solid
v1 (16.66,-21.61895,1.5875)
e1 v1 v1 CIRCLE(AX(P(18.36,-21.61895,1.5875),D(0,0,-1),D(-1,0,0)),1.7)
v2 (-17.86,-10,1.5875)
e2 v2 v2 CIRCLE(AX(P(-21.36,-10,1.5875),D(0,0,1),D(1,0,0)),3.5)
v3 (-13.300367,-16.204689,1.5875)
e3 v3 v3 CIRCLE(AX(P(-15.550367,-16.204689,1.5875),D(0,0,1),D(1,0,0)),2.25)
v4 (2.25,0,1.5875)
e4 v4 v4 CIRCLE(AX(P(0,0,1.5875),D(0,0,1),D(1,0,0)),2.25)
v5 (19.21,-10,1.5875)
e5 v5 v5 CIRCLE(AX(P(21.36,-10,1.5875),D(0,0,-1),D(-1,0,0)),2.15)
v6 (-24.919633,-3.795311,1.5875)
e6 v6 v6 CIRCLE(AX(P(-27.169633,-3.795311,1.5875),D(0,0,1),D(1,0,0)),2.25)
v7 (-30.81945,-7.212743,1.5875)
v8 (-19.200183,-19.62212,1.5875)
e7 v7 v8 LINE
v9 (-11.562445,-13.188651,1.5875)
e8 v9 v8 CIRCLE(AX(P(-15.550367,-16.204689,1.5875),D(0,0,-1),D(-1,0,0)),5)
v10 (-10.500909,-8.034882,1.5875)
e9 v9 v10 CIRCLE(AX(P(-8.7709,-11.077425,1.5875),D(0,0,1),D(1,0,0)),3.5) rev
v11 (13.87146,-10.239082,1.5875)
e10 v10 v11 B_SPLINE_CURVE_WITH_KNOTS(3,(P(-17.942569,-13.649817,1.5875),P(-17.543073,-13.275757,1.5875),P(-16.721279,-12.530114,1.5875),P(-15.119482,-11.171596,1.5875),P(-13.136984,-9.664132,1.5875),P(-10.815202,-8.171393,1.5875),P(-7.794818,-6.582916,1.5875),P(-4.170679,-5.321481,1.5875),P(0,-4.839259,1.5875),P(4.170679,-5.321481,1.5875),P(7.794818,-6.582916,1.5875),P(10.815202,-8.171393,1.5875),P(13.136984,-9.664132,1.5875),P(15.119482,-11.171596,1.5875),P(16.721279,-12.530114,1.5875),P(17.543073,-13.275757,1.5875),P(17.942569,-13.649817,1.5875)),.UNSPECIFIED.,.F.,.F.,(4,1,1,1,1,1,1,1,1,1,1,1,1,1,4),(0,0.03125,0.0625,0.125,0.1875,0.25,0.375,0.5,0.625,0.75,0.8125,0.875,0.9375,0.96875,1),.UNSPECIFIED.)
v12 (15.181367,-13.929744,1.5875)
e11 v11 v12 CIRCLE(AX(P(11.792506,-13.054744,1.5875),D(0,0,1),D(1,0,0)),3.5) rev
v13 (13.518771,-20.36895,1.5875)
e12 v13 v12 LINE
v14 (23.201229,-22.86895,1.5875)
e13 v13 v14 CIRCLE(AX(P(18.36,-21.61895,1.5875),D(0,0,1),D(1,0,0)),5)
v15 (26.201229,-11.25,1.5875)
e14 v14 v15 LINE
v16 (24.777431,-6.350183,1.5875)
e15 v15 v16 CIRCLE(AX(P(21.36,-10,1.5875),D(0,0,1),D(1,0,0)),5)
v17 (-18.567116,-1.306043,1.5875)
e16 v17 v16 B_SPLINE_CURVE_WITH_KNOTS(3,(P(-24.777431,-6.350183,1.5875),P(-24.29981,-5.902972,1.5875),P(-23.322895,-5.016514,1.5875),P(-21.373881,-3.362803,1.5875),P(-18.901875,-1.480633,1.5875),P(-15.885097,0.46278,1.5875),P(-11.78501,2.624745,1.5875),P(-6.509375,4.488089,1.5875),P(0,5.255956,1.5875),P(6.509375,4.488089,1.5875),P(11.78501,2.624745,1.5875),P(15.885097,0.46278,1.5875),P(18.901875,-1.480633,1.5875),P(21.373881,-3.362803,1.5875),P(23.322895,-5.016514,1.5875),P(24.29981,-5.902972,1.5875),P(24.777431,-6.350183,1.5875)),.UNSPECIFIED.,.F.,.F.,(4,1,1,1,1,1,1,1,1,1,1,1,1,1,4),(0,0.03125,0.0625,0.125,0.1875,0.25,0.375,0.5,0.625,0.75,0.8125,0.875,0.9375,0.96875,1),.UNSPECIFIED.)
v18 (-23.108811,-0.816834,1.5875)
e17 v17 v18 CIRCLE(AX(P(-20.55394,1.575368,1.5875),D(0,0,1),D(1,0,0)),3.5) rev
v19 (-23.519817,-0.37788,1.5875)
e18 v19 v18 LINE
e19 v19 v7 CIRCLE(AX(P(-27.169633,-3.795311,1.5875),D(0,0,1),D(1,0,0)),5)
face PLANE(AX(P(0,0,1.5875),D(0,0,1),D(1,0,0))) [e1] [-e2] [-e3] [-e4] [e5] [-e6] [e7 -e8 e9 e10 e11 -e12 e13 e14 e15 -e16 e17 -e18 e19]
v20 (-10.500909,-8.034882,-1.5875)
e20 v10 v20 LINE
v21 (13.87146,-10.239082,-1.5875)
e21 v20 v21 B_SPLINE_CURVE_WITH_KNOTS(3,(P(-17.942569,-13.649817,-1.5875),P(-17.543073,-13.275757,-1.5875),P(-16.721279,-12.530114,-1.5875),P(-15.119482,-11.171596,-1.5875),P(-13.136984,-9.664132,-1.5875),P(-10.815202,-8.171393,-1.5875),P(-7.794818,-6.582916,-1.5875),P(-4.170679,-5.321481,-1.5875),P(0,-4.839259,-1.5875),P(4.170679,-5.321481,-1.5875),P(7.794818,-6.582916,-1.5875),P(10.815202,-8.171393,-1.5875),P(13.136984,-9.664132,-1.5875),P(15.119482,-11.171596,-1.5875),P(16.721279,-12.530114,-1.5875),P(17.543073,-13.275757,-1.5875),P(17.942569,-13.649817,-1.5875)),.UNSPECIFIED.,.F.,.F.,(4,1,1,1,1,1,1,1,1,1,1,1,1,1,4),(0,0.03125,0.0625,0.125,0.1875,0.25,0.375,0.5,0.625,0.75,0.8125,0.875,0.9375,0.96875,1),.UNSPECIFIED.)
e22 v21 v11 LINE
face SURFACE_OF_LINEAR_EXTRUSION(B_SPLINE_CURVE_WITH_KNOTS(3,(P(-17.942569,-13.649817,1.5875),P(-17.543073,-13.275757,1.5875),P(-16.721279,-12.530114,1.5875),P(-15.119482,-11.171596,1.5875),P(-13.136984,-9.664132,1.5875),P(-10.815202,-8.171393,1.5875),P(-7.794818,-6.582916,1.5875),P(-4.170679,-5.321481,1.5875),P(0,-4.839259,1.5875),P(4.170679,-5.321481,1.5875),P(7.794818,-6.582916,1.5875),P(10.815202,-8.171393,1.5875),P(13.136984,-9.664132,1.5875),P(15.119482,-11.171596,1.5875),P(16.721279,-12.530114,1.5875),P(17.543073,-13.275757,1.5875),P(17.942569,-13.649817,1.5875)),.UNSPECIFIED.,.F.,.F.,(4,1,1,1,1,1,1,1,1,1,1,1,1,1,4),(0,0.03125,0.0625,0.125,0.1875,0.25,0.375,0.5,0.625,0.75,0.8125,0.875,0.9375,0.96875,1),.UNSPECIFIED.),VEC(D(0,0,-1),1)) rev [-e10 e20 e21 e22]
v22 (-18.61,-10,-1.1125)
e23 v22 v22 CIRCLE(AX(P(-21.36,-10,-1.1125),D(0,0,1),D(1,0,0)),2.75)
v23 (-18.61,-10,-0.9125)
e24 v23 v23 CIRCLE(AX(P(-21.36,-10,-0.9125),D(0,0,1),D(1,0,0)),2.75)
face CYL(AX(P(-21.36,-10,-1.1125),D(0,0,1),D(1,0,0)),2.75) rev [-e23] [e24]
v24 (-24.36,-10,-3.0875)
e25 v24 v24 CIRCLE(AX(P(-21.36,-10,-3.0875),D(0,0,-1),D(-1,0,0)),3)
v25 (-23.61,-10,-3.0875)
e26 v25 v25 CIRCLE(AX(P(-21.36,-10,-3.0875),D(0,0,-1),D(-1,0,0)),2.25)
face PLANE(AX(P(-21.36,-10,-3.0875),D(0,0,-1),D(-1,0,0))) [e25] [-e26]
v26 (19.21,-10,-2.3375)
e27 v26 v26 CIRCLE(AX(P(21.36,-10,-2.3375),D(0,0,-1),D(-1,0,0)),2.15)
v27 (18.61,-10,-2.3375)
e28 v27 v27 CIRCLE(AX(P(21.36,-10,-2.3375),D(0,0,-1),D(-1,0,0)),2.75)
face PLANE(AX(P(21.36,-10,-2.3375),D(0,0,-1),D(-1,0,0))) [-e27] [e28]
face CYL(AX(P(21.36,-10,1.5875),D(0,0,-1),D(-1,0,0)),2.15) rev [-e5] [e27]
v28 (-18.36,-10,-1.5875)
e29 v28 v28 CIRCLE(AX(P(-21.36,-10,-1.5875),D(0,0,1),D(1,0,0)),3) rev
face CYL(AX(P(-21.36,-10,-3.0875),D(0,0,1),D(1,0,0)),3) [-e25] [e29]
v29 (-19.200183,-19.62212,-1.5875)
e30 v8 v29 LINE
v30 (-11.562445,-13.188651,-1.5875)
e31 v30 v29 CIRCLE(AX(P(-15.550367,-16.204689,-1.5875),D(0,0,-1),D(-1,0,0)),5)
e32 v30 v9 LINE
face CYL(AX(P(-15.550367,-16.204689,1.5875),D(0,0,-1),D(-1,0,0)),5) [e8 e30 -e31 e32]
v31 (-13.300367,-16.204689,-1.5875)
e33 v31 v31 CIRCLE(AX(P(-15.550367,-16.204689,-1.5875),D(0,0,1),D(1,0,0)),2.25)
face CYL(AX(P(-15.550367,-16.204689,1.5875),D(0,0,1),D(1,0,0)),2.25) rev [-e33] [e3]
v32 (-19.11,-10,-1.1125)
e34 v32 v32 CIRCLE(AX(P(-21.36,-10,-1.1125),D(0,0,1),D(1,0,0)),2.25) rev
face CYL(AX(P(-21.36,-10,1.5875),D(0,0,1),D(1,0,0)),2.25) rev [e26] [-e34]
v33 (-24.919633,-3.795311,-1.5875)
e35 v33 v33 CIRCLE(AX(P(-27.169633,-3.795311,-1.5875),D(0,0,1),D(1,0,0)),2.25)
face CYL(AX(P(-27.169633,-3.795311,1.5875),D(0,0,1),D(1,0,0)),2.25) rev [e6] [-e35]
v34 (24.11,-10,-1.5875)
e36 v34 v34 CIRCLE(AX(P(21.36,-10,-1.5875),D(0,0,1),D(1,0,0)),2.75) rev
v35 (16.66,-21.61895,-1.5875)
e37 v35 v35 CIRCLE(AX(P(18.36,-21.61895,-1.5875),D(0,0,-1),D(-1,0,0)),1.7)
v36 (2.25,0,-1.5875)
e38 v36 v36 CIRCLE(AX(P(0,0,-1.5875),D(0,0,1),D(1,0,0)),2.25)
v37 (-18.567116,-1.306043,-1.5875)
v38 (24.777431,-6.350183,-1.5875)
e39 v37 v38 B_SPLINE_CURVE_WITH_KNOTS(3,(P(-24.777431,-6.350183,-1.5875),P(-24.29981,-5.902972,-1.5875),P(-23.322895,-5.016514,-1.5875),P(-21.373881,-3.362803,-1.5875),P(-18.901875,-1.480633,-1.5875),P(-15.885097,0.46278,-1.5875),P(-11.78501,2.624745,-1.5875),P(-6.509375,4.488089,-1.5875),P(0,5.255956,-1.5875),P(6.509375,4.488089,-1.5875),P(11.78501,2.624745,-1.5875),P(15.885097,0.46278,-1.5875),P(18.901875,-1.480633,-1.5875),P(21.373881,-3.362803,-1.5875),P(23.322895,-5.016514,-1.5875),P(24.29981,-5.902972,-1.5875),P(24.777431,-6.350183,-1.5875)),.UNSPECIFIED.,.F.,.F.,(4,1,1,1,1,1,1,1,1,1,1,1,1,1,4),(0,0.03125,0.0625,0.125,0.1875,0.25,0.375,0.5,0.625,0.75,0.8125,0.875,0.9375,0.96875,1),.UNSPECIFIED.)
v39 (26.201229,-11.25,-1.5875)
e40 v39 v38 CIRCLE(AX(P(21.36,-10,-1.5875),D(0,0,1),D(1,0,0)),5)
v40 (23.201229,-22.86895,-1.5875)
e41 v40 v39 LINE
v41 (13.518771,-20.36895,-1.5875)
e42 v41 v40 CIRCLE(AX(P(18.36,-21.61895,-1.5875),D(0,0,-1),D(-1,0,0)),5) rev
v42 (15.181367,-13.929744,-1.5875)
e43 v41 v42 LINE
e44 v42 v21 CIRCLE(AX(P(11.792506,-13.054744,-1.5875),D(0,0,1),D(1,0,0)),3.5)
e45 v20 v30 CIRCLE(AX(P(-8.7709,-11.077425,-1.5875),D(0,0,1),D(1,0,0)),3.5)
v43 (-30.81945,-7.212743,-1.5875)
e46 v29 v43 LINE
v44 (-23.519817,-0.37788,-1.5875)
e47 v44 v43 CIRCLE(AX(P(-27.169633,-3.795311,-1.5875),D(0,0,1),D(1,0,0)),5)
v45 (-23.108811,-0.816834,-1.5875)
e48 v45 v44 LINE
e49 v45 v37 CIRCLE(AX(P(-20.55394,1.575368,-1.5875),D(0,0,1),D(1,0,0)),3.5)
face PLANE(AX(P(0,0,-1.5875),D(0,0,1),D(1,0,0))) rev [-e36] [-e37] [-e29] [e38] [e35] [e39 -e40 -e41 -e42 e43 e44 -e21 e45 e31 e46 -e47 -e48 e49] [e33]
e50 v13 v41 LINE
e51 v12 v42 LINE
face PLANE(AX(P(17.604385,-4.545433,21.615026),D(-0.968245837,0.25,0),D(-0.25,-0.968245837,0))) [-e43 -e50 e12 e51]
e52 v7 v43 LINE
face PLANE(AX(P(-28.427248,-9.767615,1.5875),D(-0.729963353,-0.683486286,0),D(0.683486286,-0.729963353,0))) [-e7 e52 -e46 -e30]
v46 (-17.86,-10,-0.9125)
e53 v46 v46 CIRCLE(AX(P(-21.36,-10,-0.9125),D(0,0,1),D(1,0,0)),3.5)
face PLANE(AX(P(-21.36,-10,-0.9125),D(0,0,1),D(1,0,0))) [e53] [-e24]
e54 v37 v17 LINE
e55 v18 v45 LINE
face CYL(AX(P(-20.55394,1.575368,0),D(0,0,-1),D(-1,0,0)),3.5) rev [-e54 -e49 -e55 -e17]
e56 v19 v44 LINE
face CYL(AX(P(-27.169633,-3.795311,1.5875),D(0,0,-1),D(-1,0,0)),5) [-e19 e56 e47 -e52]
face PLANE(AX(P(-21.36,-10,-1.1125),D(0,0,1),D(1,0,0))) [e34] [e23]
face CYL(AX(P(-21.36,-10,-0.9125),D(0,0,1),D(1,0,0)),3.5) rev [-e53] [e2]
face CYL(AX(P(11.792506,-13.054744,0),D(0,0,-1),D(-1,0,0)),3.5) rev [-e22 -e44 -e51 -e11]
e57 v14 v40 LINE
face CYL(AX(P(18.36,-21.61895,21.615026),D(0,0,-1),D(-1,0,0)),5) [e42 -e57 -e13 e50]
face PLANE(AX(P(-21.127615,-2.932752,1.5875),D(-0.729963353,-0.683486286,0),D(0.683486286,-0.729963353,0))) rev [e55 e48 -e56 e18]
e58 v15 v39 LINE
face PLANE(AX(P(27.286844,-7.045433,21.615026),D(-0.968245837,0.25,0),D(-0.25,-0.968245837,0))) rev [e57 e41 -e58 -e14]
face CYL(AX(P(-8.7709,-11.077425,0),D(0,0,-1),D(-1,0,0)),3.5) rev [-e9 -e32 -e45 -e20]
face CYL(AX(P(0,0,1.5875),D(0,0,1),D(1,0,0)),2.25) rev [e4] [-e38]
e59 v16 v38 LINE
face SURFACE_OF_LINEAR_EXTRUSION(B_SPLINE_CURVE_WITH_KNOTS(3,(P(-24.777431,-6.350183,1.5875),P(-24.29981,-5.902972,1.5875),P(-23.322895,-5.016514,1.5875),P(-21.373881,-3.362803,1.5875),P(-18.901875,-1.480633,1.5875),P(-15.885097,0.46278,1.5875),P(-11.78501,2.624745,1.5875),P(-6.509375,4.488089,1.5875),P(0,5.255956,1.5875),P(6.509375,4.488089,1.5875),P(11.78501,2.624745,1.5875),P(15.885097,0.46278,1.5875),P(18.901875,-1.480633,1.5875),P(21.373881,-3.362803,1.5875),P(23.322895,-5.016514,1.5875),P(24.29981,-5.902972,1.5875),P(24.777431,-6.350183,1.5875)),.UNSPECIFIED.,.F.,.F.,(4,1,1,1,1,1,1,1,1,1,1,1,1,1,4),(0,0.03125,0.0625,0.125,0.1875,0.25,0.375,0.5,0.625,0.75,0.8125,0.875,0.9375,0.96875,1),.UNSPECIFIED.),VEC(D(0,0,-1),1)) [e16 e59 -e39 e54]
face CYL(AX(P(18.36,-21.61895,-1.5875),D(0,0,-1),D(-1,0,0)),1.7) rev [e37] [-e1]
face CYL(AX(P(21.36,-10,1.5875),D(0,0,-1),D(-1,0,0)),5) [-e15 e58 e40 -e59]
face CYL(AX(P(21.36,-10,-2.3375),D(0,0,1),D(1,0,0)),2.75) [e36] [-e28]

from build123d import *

# Parameters (mm, degrees)
BOSS_EXTRUDE1_DEPTH  = 1.5875
M4_CLEARANCE_HOLE1_D = 4.5
BOSS_EXTRUDE2_DEPTH  = 3.175
M3_CLEARANCE_HOLE1_D = 3.4
FILLET1_R            = 3.5
SKETCH8_R            = 2.15
CUT_EXTRUDE1_DEPTH   = 4.1750001
SKETCH9_R            = 2.75
SKETCH9_R_2          = 2.15
BOSS_EXTRUDE3_DEPTH  = 0.75
SKETCH11_R           = 3.5
CUT_EXTRUDE2_DEPTH   = 2.5
SKETCH12_R           = 2.75
CUT_EXTRUDE3_DEPTH   = 0.2
SKETCH13_R           = 3
SKETCH13_R_2         = 2.25
BOSS_EXTRUDE5_DEPTH  = 1.5


with BuildPart() as part:
    # Sketch2 → Boss-Extrude1 (new body, symmetric)
    with BuildSketch(Plane.XY):
        with BuildLine():
            add(Edge.make_bspline(
                [(-24.777431429, -6.350183234), (-24.299810251, -5.902972393), (-23.32289496, -5.01651393), (-22.058866471, -3.944003435), (-21.276036232, -3.316259916), (-20.98344634, -3.086723573)],
                knots=[0, 0, 0, 0, 0.03125, 0.0625, 0.081068463, 0.081068463, 0.081068463, 0.081068463], degree=3))
            Line((-24.777431429, -6.350183234), (-21.36, -10))
            add(Edge.make_bspline(
                [(-21.36, -10), (-20.09052587, -8.81135381), (-18.821051739, -7.728673603), (-17.551577609, -6.751959378)],
                knots=[0, 0, 0, 0, 0.089148464, 0.089148464, 0.089148464, 0.089148464], degree=3))
            Line((-17.551577609, -6.751959378), (-20.98344634, -3.086723573))
        make_face()
        with BuildLine():
            Line((-21.36, -10), (-24.777431429, -6.350183234))
            ThreePointArc((-24.777431429, -6.350183234), (-26.357299125, -9.8356788), (-25.009816701, -13.417431499))
            ThreePointArc((-25.009816701, -13.417431499), (-21.5243212, -14.997299125), (-17.942568571, -13.649816766))
            Line((-17.942568571, -13.649816766), (-21.36, -10))
        make_face()
        with BuildLine():
            ThreePointArc((-25.009816701, -13.417431499), (-26.357299125, -9.8356788), (-24.777431429, -6.350183234))
            add(Edge.make_bspline(
                [(-24.777431429, -6.350183234), (-24.299810251, -5.902972393), (-23.32289496, -5.01651393), (-22.058866471, -3.944003435), (-21.276036232, -3.316259916), (-20.98344634, -3.086723573)],
                knots=[0, 0, 0, 0, 0.03125, 0.0625, 0.081068463, 0.081068463, 0.081068463, 0.081068463], degree=3))
            Line((-20.98344634, -3.086723573), (-21.127614663, -2.932751805))
            Line((-21.127614663, -2.932751805), (-23.519816663, -0.377880068))
            ThreePointArc((-23.519816663, -0.377880068), (-30.587064859, -0.145494731), (-30.819450196, -7.212742926))
            Line((-30.819450196, -7.212742926), (-28.427248195, -9.767614663))
            Line((-28.427248195, -9.767614663), (-25.009816701, -13.417431499))
        make_face()
        with BuildLine():
            add(Edge.make_bspline(
                [(-21.36, -10), (-20.09052587, -8.81135381), (-18.821051739, -7.728673603), (-17.551577609, -6.751959378)],
                knots=[0, 0, 0, 0, 0.089148464, 0.089148464, 0.089148464, 0.089148464], degree=3))
            Line((-21.36, -10), (-17.942568571, -13.649816766))
            add(Edge.make_bspline(
                [(-17.942568571, -13.649816766), (-17.543072686, -13.275756949), (-16.7212792, -12.530114496), (-15.44829951, -11.450473224), (-14.582019434, -10.770813046), (-14.116024052, -10.421130577)],
                knots=[0, 0, 0, 0, 0.03125, 0.0625, 0.099339971, 0.099339971, 0.099339971, 0.099339971], degree=3))
            Line((-14.116024052, -10.421130577), (-14.292751805, -10.232385337))
            Line((-14.292751805, -10.232385337), (-17.551577609, -6.751959378))
        make_face()
        with BuildLine():
            ThreePointArc((-17.942568571, -13.649816766), (-21.5243212, -14.997299125), (-25.009816701, -13.417431499))
            Line((-25.009816701, -13.417431499), (-21.592385337, -17.067248195))
            Line((-21.592385337, -17.067248195), (-19.200183337, -19.622119932))
            ThreePointArc((-19.200183337, -19.622119932), (-12.132935141, -19.854505269), (-11.900549804, -12.787257074))
            Line((-11.900549804, -12.787257074), (-14.116024052, -10.421130577))
            add(Edge.make_bspline(
                [(-17.942568571, -13.649816766), (-17.543072686, -13.275756949), (-16.7212792, -12.530114496), (-15.44829951, -11.450473224), (-14.582019434, -10.770813046), (-14.116024052, -10.421130577)],
                knots=[0, 0, 0, 0, 0.03125, 0.0625, 0.099339971, 0.099339971, 0.099339971, 0.099339971], degree=3))
        make_face()
        with BuildLine():
            add(Edge.make_bspline(
                [(-20.98344634, -3.086723573), (-20.291201445, -2.543658465), (-18.603117827, -1.28817338), (-15.885096675, 0.462779531), (-11.785009924, 2.624744664), (-6.509375137, 4.48808894), (0, 5.25595553), (6.509375137, 4.48808894), (11.785009924, 2.624744664), (15.885096675, 0.462779531), (18.901874802, -1.480633029), (21.37388106, -3.362802893), (23.32289496, -5.01651393), (24.299810251, -5.902972393), (24.777431429, -6.350183234)],
                knots=[0.081068463, 0.081068463, 0.081068463, 0.081068463, 0.125, 0.1875, 0.25, 0.375, 0.5, 0.625, 0.75, 0.8125, 0.875, 0.9375, 0.96875, 1, 1, 1, 1], degree=3))
            Line((-20.98344634, -3.086723573), (-17.551577609, -6.751959378))
            Line((-17.551577609, -6.751959378), (-14.292751805, -10.232385337))
            Line((-14.292751805, -10.232385337), (-14.116024052, -10.421130577))
            add(Edge.make_bspline(
                [(-14.116024052, -10.421130577), (-13.791445759, -10.177567349), (-12.680801028, -9.370838959), (-10.815202086, -8.171392792), (-7.794818062, -6.582915934), (-4.170679183, -5.321481205), (0, -4.839259398), (4.170679183, -5.321481205), (7.794818062, -6.582915934), (10.815202086, -8.171392792), (13.136984474, -9.664132159), (15.119482265, -11.171596294), (16.7212792, -12.530114496), (17.543072686, -13.275756949), (17.942568571, -13.649816766)],
                knots=[0.099339971, 0.099339971, 0.099339971, 0.099339971, 0.125, 0.1875, 0.25, 0.375, 0.5, 0.625, 0.75, 0.8125, 0.875, 0.9375, 0.96875, 1, 1, 1, 1], degree=3))
            ThreePointArc((17.942568571, -13.649816766), (25.009816766, -13.417431429), (24.777431429, -6.350183234))
        make_face()
    extrude(amount=BOSS_EXTRUDE1_DEPTH, both=True)

    # M4 Clearance Hole1 (through all)
    with Locations(Plane.XY.offset(1.5875)):
        with Locations((-21.359999999, -9.999999999), (0, 0), (-15.550366571, -16.204688503), (-27.169633429, -3.795311497)):
            Hole(M4_CLEARANCE_HOLE1_D / 2)

    # Sketch5 → Boss-Extrude2 (add)
    with BuildSketch(Plane(origin=(0, 0, -1.5875), x_dir=(-1, 0, 0), z_dir=(0, 0, -1))):
        with BuildLine():
            ThreePointArc((-23.201229183, -22.868950039), (-17.11, -26.460179221), (-13.518770817, -20.368950039))
            Line((-13.518770817, -20.368950039), (-16.518770817, -8.75))
            ThreePointArc((-16.518770817, -8.75), (-22.61, -5.158770817), (-26.201229183, -11.25))
            Line((-26.201229183, -11.25), (-23.201229183, -22.868950039))
        make_face()
    extrude(amount=-BOSS_EXTRUDE2_DEPTH)

    # M3 Clearance Hole1 (through all)
    with Locations(Plane(origin=(0, 0, -1.5875), x_dir=(-1, 0, 0), z_dir=(0, 0, -1))):
        with Locations((-18.36, -21.618950039)):
            Hole(M3_CLEARANCE_HOLE1_D / 2)

    # Fillet1
    fillet1_edges = [part.edges().sort_by_distance(p)[0] for p in [
        (15.75315909, -11.715201468, -0.79375),
        (-20.98344634, -3.086723573, -0.79375),
        (-14.116024052, -10.421130577, 0.79375),
    ]]
    fillet(fillet1_edges, radius=FILLET1_R)

    # Sketch8 → Cut-Extrude1 (cut, through all)
    with BuildSketch(Plane(origin=(0, 0, -1.5875), x_dir=(-1, 0, 0), z_dir=(0, 0, -1))):
        with Locations((-21.36, -10)):
            Circle(SKETCH8_R)
    extrude(amount=-CUT_EXTRUDE1_DEPTH, mode=Mode.SUBTRACT)

    # Sketch9 → Boss-Extrude3 (add)
    with BuildSketch(Plane(origin=(0, 0, -1.5875), x_dir=(-1, 0, 0), z_dir=(0, 0, -1))):
        with Locations((-21.36, -10)):
            Circle(SKETCH9_R)
        with Locations((-21.36, -10)):
            Circle(SKETCH9_R_2, mode=Mode.SUBTRACT)
    extrude(amount=BOSS_EXTRUDE3_DEPTH)

    # Sketch11 → Cut-Extrude2 (cut)
    with BuildSketch(Plane.XY.offset(1.5875)):
        with Locations((-21.359999999, -9.999999999)):
            Circle(SKETCH11_R)
    extrude(amount=-CUT_EXTRUDE2_DEPTH, mode=Mode.SUBTRACT)

    # Sketch12 → Cut-Extrude3 (cut)
    with BuildSketch(Plane.XY.offset(-0.9125)):
        with Locations((-21.359999999, -9.999999999)):
            Circle(SKETCH12_R)
    extrude(amount=-CUT_EXTRUDE3_DEPTH, mode=Mode.SUBTRACT)

    # Sketch13 → Boss-Extrude5 (add)
    with BuildSketch(Plane(origin=(0, 0, -1.5875), x_dir=(-1, 0, 0), z_dir=(0, 0, -1))):
        with Locations((21.359999999, -9.999999999)):
            Circle(SKETCH13_R)
        with Locations((21.359999999, -9.999999999)):
            Circle(SKETCH13_R_2, mode=Mode.SUBTRACT)
    extrude(amount=BOSS_EXTRUDE5_DEPTH)


solid = part.part
